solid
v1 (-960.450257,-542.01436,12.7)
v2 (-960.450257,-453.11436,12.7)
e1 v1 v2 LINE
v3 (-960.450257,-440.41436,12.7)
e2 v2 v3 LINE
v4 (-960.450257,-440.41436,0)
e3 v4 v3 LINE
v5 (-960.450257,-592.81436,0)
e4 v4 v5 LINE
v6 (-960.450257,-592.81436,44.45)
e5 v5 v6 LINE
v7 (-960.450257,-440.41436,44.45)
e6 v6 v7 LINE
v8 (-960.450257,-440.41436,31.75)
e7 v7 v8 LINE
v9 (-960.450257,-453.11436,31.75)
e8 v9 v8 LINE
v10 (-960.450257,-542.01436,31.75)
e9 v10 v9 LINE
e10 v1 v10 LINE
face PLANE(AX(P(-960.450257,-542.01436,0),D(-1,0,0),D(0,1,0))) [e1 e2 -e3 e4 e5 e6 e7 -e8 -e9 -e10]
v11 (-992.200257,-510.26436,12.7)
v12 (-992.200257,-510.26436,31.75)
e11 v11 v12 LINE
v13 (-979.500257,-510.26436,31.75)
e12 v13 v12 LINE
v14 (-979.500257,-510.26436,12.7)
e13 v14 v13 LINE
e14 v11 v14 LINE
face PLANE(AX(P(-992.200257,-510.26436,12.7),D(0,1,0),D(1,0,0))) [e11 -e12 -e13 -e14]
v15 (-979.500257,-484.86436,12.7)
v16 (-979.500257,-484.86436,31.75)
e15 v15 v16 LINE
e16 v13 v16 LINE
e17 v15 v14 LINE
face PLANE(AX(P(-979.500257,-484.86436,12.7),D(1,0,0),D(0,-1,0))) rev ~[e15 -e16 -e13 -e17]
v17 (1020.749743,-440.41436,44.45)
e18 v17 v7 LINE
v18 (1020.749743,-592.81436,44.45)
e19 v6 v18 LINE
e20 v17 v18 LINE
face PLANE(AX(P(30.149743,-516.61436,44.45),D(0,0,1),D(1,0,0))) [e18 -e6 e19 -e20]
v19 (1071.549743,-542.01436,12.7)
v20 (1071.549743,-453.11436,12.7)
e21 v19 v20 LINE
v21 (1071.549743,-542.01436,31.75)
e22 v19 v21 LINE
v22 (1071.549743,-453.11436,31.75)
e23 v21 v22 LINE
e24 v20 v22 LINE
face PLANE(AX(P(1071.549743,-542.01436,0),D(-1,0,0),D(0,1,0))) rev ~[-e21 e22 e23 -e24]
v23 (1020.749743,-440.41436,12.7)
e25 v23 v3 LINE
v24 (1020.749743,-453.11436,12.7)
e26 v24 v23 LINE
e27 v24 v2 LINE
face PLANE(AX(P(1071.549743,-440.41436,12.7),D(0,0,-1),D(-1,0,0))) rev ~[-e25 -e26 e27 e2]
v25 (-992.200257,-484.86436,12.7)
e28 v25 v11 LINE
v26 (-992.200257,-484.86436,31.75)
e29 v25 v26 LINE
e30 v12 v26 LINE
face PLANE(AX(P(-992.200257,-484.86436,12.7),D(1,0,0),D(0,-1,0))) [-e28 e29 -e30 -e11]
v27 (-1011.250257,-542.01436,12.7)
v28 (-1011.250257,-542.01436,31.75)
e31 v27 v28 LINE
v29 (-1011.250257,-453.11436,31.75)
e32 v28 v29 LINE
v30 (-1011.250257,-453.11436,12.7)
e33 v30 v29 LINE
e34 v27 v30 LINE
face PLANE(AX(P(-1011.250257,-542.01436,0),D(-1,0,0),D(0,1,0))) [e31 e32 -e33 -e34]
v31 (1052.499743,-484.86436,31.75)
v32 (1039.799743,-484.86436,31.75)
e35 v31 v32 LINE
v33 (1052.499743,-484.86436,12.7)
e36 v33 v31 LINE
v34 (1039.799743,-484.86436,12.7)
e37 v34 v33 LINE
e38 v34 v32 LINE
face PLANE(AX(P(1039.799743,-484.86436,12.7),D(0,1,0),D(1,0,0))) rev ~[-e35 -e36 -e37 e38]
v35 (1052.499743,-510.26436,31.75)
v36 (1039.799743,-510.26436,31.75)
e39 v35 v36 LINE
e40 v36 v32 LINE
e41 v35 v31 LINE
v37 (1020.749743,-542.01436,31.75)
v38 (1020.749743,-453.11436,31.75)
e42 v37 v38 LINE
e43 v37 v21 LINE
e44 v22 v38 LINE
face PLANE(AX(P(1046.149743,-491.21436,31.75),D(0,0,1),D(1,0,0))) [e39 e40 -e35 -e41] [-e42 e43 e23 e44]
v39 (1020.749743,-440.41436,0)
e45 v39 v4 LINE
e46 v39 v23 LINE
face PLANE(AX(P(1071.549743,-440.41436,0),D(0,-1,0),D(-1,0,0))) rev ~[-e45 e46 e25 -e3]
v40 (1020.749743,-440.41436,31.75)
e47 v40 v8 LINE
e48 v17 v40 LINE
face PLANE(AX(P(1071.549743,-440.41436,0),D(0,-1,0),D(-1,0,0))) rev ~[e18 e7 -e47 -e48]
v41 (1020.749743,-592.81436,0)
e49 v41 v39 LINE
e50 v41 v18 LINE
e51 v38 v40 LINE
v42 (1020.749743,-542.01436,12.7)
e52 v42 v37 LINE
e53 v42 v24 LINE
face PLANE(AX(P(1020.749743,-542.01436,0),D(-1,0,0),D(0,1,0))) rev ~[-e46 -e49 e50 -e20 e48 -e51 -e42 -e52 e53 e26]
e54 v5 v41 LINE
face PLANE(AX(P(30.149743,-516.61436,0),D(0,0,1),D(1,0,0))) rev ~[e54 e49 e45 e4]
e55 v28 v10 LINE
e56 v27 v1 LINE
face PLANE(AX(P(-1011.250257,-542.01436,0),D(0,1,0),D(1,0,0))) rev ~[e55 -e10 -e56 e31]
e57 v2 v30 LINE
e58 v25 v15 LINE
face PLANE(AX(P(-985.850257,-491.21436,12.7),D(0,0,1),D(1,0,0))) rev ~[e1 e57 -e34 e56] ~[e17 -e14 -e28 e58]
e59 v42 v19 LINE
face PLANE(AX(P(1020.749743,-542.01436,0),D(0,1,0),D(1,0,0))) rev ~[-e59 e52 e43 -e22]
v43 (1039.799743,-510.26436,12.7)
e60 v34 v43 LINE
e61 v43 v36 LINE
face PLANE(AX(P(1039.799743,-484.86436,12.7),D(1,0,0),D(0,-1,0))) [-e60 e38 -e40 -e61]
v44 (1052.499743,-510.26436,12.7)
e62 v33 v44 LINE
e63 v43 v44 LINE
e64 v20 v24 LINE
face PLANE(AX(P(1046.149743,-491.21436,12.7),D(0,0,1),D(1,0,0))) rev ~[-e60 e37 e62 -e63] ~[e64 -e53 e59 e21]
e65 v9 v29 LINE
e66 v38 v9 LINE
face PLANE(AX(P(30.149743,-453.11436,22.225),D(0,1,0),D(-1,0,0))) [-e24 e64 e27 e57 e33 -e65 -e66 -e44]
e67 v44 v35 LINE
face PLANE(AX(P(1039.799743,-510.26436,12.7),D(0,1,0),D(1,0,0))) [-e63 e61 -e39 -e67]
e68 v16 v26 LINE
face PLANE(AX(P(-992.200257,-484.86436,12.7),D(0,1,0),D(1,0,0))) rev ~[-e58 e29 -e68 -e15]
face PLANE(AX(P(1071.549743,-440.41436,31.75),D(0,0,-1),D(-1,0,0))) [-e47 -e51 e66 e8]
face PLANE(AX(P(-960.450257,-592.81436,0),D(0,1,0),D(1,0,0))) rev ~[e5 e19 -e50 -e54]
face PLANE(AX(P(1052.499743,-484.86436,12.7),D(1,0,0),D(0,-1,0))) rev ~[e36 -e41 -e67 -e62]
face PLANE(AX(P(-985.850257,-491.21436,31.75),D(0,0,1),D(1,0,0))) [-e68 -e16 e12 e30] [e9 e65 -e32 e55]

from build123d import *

# Parameters (mm, degrees)
F0_W     = 50.8
F0_H     = 101.6
F1_DEPTH = 44.45
F2_W     = 50.8
F2_H     = 101.6
F3_DEPTH = 12.7
F4_W     = 50.8
F4_H     = 101.6
F5_DEPTH = 12.7
F6_W     = 2082.8
F6_H     = 19.05
F7_DEPTH = 12.7
F8_W     = 12.7
F8_H     = 25.4
F9_DEPTH = 31.751


with BuildPart() as f1:
    # F0 (on Top) → F1 (new body)
    with BuildSketch(Plane.XY):
        Polygon((1020.749743, -440.41436), (-960.450257, -440.41436), (-960.450257, -542.01436), (-960.450257, -592.81436), (1020.749743, -592.81436), (1020.749743, -542.01436), align=None)
        with Locations((-985.850257, -491.21436)):
            Rectangle(F0_W, F0_H)
        with Locations((1046.149743, -491.21436)):
            Rectangle(F0_W, F0_H)
    extrude(amount=F1_DEPTH)

    # F2 (on Top) → F3 (cut)
    with BuildSketch(Plane.XY):
        with Locations((-985.850257, -491.21436)):
            Rectangle(F2_W, F2_H)
        with Locations((1046.149743, -491.21436)):
            Rectangle(F2_W, F2_H)
    extrude(amount=F3_DEPTH, mode=Mode.SUBTRACT)

    # F4 (on face) → F5 (cut)
    with BuildSketch(Plane.XY.offset(44.45)):
        with Locations((1046.149743, -491.21436)):
            Rectangle(F4_W, F4_H)
        with Locations((-985.850257, -491.21436)):
            Rectangle(F4_W, F4_H)
    extrude(amount=-F5_DEPTH, mode=Mode.SUBTRACT)

    # F6 (on face) → F7 (cut)
    with BuildSketch(Plane(origin=(0, -440.41436, 0), x_dir=(-1, 0, 0), z_dir=(0, 1, 0))):
        with Locations((-30.149743, 22.225)):
            Rectangle(F6_W, F6_H)
    extrude(amount=-F7_DEPTH, mode=Mode.SUBTRACT)

    # F8 (on face) → F9 (cut, through all)
    with BuildSketch(Plane(origin=(0, 0, 12.7), x_dir=(1, 0, 0), z_dir=(0, 0, -1))):
        with Locations((-985.850257, 497.56436)):
            Rectangle(F8_W, F8_H)
        with Locations((1046.149743, 497.56436)):
            Rectangle(F8_W, F8_H)
    extrude(amount=-F9_DEPTH, mode=Mode.SUBTRACT)


solid = f1.part
